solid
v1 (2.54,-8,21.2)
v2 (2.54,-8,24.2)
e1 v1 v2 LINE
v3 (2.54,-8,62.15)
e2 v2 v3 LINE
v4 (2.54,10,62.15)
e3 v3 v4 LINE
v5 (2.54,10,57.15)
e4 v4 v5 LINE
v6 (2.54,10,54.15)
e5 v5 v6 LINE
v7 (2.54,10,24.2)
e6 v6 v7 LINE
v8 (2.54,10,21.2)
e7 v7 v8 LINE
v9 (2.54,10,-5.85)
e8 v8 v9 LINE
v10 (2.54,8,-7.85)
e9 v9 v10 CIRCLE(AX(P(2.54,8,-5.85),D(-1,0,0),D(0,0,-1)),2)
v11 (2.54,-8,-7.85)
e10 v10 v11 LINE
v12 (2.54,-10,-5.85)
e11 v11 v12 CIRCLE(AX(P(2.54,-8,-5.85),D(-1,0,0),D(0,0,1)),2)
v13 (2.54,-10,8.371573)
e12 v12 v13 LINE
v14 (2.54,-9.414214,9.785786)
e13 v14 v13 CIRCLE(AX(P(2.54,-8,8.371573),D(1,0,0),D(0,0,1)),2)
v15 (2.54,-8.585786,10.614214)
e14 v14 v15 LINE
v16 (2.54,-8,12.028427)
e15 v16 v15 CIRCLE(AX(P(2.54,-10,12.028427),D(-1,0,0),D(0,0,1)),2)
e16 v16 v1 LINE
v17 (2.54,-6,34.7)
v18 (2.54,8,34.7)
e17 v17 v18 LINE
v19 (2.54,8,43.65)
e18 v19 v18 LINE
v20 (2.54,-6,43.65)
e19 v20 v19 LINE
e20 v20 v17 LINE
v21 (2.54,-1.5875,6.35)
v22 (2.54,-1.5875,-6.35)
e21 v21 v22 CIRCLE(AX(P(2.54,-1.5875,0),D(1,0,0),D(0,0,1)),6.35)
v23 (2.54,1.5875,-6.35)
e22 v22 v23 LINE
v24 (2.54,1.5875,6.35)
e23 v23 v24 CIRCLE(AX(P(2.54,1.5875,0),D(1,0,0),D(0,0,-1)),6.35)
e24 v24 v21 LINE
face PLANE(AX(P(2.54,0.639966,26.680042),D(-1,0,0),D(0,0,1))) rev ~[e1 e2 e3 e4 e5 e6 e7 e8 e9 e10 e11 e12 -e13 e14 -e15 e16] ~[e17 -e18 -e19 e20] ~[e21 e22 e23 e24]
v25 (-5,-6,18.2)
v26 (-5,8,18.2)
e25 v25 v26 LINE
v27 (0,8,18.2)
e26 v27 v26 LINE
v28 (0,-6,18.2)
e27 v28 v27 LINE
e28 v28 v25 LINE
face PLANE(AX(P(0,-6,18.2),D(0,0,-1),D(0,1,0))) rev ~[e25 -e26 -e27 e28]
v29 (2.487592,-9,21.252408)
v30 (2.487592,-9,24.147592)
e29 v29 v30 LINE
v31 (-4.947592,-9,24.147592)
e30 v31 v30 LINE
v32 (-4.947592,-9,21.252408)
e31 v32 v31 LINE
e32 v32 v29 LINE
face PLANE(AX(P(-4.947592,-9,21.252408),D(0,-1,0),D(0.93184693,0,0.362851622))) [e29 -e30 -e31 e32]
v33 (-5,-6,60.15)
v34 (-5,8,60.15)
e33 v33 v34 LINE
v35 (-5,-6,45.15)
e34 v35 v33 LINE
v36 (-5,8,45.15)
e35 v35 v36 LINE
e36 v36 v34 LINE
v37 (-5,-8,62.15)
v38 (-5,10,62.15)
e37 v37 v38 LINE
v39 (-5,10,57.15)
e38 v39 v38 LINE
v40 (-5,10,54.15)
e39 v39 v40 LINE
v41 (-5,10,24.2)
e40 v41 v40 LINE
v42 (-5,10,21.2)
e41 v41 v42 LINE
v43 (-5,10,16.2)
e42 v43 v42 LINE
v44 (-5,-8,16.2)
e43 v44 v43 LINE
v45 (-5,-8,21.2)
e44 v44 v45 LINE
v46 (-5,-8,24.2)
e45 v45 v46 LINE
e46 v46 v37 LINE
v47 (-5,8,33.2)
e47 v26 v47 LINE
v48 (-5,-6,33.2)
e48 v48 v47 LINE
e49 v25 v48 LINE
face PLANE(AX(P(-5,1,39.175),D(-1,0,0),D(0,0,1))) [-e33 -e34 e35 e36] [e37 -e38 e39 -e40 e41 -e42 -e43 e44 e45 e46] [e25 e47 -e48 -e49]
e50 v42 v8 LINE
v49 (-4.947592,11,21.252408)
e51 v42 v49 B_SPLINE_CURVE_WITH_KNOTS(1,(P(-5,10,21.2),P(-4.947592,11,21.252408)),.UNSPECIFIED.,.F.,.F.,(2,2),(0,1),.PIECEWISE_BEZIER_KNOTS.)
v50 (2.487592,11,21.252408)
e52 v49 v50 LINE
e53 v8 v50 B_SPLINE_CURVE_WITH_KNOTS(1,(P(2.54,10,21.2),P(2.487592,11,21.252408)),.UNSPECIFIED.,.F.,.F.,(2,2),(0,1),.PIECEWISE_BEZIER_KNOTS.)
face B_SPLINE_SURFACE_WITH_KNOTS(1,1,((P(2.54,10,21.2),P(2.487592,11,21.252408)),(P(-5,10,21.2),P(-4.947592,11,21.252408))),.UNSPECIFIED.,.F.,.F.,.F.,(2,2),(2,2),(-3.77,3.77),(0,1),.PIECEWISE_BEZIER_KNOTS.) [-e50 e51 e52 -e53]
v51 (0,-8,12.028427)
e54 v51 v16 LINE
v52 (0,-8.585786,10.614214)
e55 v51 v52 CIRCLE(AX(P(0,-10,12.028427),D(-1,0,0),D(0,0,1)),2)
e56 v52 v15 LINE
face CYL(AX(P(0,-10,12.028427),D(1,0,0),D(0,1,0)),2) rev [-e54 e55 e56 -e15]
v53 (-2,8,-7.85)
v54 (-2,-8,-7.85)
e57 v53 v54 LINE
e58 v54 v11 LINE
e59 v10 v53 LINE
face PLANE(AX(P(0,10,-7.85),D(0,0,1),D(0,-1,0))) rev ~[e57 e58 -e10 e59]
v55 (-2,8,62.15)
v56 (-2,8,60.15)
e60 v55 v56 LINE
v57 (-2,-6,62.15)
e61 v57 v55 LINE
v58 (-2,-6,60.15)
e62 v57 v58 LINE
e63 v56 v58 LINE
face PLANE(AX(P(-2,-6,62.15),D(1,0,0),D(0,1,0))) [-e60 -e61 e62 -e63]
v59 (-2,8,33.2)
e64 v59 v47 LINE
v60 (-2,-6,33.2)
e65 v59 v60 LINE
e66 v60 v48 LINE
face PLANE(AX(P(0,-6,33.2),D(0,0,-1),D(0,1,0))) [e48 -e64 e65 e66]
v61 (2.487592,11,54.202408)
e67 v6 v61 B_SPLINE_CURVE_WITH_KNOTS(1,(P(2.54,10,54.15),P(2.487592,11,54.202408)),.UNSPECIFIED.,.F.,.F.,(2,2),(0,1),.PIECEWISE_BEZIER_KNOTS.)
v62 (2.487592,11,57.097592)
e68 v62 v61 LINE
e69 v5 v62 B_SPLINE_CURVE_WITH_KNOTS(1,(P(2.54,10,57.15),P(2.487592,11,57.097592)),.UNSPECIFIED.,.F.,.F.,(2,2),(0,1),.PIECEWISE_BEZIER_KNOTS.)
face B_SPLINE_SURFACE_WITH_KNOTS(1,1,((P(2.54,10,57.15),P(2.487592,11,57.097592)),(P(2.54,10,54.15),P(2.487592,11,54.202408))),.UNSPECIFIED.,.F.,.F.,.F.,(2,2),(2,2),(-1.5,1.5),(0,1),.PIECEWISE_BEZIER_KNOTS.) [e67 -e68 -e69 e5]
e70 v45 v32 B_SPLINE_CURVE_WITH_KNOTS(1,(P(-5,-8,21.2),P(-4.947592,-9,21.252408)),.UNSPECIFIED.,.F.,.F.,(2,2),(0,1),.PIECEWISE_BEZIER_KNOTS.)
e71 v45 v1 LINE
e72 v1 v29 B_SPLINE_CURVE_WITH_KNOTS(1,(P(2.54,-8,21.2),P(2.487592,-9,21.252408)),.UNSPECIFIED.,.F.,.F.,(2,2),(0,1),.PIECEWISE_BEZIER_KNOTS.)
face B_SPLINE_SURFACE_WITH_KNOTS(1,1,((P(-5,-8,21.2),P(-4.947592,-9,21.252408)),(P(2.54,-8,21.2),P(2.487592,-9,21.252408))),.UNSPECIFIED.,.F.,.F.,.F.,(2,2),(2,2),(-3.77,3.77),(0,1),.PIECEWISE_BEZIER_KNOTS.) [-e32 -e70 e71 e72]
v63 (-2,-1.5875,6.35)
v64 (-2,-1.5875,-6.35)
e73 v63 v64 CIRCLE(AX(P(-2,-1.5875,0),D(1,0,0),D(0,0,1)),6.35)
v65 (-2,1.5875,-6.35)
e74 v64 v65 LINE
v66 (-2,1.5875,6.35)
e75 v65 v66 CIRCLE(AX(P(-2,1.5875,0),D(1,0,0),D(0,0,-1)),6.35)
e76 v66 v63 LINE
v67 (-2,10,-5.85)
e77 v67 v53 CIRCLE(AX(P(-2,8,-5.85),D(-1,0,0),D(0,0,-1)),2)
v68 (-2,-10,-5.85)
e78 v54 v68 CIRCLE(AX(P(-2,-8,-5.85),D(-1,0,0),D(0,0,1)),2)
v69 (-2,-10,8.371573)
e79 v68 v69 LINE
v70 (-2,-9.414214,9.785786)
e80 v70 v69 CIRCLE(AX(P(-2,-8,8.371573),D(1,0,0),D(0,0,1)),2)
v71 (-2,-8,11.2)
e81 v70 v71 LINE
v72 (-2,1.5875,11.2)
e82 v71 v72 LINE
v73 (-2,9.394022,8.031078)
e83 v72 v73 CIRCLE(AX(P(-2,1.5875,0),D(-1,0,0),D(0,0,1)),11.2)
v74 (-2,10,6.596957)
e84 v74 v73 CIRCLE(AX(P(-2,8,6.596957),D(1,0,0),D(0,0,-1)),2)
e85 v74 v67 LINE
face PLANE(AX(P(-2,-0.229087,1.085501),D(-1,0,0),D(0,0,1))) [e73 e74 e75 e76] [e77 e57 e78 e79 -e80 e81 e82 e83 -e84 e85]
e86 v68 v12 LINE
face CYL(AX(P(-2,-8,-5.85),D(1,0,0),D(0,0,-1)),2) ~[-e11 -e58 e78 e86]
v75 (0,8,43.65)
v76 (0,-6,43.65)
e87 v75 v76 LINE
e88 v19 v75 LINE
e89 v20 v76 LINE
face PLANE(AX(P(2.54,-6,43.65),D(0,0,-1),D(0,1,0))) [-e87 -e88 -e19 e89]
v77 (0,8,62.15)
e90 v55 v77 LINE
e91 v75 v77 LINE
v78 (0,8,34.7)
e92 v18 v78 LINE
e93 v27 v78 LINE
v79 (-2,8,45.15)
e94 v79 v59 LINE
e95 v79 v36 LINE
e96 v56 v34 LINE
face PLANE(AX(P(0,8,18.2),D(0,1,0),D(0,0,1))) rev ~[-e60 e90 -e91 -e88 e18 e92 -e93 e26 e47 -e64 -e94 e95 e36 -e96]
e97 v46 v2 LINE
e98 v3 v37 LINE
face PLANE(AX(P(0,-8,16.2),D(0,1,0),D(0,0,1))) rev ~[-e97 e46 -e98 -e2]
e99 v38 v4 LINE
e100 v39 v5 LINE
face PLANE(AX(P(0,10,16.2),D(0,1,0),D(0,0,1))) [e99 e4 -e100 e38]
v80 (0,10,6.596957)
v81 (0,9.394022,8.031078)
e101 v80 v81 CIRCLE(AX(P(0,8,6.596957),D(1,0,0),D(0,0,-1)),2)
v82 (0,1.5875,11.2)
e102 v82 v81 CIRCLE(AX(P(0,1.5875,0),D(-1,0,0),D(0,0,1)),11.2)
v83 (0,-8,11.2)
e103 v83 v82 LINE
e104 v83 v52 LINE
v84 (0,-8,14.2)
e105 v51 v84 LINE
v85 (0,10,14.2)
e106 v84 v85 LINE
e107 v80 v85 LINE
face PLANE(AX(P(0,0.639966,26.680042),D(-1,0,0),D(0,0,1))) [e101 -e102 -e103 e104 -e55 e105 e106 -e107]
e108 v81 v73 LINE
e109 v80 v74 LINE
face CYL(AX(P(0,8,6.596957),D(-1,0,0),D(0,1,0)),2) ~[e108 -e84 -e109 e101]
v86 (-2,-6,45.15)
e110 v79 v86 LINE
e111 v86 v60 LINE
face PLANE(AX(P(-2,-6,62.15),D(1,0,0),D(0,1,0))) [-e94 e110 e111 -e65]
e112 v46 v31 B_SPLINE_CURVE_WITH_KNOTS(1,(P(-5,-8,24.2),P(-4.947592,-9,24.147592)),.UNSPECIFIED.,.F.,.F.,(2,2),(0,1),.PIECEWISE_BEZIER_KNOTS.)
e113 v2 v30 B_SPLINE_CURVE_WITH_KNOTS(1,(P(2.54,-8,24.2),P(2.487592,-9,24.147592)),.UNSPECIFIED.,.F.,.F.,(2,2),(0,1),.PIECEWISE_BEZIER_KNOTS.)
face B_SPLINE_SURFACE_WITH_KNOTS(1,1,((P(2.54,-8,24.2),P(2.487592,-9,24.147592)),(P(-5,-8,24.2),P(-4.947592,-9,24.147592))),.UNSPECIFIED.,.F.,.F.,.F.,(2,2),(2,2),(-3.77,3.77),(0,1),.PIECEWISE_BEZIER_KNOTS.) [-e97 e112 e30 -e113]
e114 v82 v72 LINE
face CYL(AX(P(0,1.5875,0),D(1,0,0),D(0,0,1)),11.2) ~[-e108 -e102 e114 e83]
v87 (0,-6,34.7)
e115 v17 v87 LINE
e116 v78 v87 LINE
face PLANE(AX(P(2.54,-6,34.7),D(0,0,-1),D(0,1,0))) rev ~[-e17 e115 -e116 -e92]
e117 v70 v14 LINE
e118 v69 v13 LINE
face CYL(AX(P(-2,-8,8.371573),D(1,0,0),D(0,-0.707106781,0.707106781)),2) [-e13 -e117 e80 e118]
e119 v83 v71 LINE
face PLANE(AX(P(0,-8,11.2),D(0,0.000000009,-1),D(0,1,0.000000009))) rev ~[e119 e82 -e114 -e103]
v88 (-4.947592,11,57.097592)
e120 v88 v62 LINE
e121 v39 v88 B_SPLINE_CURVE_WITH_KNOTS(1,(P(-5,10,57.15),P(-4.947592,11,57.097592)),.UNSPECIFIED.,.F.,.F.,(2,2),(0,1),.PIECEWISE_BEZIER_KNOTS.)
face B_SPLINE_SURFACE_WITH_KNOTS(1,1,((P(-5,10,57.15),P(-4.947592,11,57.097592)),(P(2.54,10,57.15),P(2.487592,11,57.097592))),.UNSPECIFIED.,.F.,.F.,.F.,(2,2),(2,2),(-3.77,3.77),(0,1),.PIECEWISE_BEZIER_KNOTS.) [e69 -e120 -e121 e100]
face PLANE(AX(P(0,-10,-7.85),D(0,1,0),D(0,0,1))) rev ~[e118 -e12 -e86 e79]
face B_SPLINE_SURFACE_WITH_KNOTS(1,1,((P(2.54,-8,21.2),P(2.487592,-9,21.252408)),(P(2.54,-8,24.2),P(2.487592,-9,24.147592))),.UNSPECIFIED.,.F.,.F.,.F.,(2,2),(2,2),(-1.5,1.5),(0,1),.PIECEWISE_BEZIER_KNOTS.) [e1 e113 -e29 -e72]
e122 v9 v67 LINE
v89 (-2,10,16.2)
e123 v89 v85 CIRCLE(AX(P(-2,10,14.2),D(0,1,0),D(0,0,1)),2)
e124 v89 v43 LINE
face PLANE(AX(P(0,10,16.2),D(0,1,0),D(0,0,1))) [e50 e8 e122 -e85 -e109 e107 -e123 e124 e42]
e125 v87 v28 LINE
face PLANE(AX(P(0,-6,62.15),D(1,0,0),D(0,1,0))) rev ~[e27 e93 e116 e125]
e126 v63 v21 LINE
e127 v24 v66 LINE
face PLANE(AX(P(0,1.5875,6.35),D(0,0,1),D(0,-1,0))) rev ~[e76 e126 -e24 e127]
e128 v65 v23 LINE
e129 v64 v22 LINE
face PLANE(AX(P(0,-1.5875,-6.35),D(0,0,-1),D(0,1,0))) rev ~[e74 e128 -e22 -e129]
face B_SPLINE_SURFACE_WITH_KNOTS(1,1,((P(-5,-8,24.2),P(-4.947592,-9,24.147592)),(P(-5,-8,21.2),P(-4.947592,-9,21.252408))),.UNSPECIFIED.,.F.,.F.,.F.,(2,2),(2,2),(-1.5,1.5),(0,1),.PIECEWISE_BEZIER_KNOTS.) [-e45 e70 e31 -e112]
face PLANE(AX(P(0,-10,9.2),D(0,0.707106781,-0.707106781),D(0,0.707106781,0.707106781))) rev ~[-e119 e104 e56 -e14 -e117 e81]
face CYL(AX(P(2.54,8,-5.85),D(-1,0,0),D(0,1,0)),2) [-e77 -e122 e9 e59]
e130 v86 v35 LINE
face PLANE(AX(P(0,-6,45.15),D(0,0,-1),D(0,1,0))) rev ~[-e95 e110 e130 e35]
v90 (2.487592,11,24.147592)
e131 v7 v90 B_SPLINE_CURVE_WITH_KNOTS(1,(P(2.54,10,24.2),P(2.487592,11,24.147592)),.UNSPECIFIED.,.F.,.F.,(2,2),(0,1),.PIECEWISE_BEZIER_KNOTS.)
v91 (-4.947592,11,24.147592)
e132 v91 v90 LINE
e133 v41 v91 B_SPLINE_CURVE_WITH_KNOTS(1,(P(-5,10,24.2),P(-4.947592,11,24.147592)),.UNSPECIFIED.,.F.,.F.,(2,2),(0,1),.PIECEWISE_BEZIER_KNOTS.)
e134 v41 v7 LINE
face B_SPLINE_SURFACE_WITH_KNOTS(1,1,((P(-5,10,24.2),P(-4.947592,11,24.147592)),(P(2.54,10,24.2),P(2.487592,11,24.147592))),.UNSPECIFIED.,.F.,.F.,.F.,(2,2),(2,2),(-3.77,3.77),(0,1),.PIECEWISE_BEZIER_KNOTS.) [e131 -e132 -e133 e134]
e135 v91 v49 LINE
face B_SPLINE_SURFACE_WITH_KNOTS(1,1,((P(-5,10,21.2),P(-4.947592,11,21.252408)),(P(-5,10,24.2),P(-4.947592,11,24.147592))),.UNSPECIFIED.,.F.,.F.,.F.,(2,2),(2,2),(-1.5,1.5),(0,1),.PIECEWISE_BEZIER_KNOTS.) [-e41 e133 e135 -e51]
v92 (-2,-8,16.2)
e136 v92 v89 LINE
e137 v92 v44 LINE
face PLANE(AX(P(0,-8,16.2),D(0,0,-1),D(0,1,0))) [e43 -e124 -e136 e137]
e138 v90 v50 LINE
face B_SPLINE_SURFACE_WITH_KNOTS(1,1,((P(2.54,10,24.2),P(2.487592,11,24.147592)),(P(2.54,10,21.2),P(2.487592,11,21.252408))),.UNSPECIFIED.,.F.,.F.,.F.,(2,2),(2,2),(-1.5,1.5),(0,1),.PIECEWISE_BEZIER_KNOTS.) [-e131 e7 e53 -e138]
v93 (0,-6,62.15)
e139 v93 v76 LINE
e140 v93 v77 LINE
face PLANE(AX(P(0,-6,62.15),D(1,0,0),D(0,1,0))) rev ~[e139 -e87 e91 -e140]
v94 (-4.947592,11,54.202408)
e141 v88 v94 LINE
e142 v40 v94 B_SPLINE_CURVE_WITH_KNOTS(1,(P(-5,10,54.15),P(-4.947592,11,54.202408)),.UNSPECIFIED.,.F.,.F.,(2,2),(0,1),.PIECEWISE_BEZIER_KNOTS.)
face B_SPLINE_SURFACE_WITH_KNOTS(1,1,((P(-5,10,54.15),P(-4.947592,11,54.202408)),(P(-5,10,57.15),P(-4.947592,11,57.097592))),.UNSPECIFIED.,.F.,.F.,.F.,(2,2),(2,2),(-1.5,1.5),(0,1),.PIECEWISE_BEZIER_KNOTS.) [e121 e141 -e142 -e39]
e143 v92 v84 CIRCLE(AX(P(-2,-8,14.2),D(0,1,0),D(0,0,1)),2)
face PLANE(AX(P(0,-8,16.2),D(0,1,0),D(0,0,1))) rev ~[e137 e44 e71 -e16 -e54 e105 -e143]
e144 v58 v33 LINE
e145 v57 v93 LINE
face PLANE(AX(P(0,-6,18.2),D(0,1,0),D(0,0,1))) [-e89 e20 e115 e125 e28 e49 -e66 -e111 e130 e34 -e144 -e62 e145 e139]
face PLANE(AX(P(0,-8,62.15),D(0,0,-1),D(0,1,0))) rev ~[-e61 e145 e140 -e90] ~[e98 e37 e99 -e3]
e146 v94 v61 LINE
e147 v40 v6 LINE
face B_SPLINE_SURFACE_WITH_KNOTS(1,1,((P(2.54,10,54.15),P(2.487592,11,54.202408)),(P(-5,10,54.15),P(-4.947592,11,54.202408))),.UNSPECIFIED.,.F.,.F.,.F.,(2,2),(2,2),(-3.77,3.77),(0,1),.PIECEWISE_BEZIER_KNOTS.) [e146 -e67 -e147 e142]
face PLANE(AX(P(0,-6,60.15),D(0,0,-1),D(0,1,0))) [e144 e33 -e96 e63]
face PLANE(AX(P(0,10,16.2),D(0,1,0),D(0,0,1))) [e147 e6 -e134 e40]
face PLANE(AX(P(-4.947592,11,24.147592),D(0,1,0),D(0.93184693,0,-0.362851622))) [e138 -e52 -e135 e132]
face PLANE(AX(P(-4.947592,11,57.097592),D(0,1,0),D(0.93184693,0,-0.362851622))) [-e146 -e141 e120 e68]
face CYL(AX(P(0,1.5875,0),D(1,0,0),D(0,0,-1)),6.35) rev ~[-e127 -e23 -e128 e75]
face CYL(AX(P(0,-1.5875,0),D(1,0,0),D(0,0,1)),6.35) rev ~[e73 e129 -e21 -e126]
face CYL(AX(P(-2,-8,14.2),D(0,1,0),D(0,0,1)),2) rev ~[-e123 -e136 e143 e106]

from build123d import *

# Parameters (mm, degrees)
EXTRUDE1_DEPTH     = 2.54
EXTRUDE2_DEPTH     = 2
SKETCH4_W          = 45.95
SKETCH4_H          = 18
SKETCH4_W_2        = 41.95
SKETCH4_H_2        = 14
EXTRUDE3_DEPTH     = 5
SKETCH5_W          = 11.95
SKETCH5_H          = 14
EXTRUDE4_DEPTH     = 5
SKETCH6_W          = 2
SKETCH6_H          = 14
CUT_EXTRUDE1_DEPTH = 43.95
CUT_EXTRUDE2_REACH = 9.54
SKETCH7_W          = 8.95
SKETCH7_H          = 14
FILLET1_R          = 2
SKETCH8_W          = 7.54
SKETCH8_H          = 3
EXTRUDE5_DEPTH     = 1
EXTRUDE5_TAPER     = 3
SKETCH9_W          = 7.54
SKETCH9_H          = 3
EXTRUDE6_DEPTH     = 1
EXTRUDE6_TAPER     = 3


with BuildPart() as part:
    # Sketch1 → Extrude1 (new body)
    with BuildSketch(Plane(origin=(0, 0, 0), x_dir=(0, 0, -1), z_dir=(1, 0, 0))):
        Polygon((-62.15, 10), (7.85, 10), (7.85, -10), (-9.2, -10), (-11.2, -8), (-62.15, -8), align=None)
        with BuildLine():
            Line((-6.35, 1.5875), (-6.35, -1.5875))
            ThreePointArc((-6.35, -1.5875), (0, -7.9375), (6.35, -1.5875))
            Line((6.35, -1.5875), (6.35, 1.5875))
            ThreePointArc((6.35, 1.5875), (0, 7.9375), (-6.35, 1.5875))
        make_face(mode=Mode.SUBTRACT)
    extrude(amount=EXTRUDE1_DEPTH)

    # Sketch3 → Extrude2 (add)
    with BuildSketch(Plane.ZY):
        with BuildLine():
            Line((11.2, -8), (11.200000082, 1.5875))
            ThreePointArc((11.200000082, 1.5875), (10.204208676, 6.204222555), (7.393905977, 10))
            Line((7.393905977, 10), (-7.85, 10))
            Line((-7.85, 10), (-7.85, -10))
            Line((-7.85, -10), (9.2, -10))
            Line((9.2, -10), (11.2, -8))
        make_face()
        with BuildLine():
            Line((6.35, 1.5875), (6.35, -1.5875))
            ThreePointArc((6.35, -1.5875), (0, -7.9375), (-6.35, -1.5875))
            Line((-6.35, -1.5875), (-6.35, 1.5875))
            ThreePointArc((-6.35, 1.5875), (0, 7.9375), (6.35, 1.5875))
        make_face(mode=Mode.SUBTRACT)
    extrude(amount=EXTRUDE2_DEPTH)

    # Sketch4 → Extrude3 (add)
    with BuildSketch(Plane.ZY):
        with Locations((39.175, 1)):
            Rectangle(SKETCH4_W, SKETCH4_H)
        with Locations((39.175, 1)):
            Rectangle(SKETCH4_W_2, SKETCH4_H_2, mode=Mode.SUBTRACT)
    extrude(amount=EXTRUDE3_DEPTH)

    # Sketch5 → Extrude4 (add)
    with BuildSketch(Plane.ZY):
        with Locations((39.175, 1)):
            Rectangle(SKETCH5_W, SKETCH5_H)
    extrude(amount=EXTRUDE4_DEPTH)

    # Sketch6 → Cut-Extrude1 (cut)
    with BuildSketch(Plane.XY.offset(62.15)):
        with Locations((-1, 1)):
            Rectangle(SKETCH6_W, SKETCH6_H)
    extrude(amount=-CUT_EXTRUDE1_DEPTH, mode=Mode.SUBTRACT)

    # Sketch7 → Cut-Extrude2 (cut, up to next)
    with BuildSketch(Plane(origin=(2.54, 0, 0), x_dir=(0, 0, -1), z_dir=(1, 0, 0)), mode=Mode.PRIVATE) as cut_extrude2_sk1:
        with Locations((-39.175, 1)):
            Rectangle(SKETCH7_W, SKETCH7_H)
    cut_extrude2_tool1 = extrude(cut_extrude2_sk1.sketch, amount=-CUT_EXTRUDE2_REACH, mode=Mode.PRIVATE) & part.part
    add(cut_extrude2_tool1.solids().sort_by_distance((2.54, 1, 39.175))[0], mode=Mode.SUBTRACT)

    # Fillet1
    fillet1_edges = [part.edges().sort_by_distance(p)[0] for p in [
        (0.27, 10, -7.85),
        (0.27, -10, -7.85),
        (0.27, -10, 9.2),
        (1.27, -8, 11.2),
        (-1, 10, 7.393905977),
        (0, 1, 16.2),
    ]]
    fillet(fillet1_edges, radius=FILLET1_R)

    # Sketch8 → Extrude5 (add)
    with BuildSketch(Plane(origin=(0, 10, 0), x_dir=(1, 0, 0), z_dir=(0, 1, 0))):
        with Locations((-1.23, -22.7)):
            Rectangle(SKETCH8_W, SKETCH8_H)
        with Locations((-1.23, -55.65)):
            Rectangle(SKETCH8_W, SKETCH8_H)
    extrude(amount=EXTRUDE5_DEPTH, taper=EXTRUDE5_TAPER)

    # Sketch9 → Extrude6 (add)
    with BuildSketch(Plane.XZ.offset(8)):
        with Locations((-1.23, 22.7)):
            Rectangle(SKETCH9_W, SKETCH9_H)
    extrude(amount=EXTRUDE6_DEPTH, taper=EXTRUDE6_TAPER)


solid = part.part
